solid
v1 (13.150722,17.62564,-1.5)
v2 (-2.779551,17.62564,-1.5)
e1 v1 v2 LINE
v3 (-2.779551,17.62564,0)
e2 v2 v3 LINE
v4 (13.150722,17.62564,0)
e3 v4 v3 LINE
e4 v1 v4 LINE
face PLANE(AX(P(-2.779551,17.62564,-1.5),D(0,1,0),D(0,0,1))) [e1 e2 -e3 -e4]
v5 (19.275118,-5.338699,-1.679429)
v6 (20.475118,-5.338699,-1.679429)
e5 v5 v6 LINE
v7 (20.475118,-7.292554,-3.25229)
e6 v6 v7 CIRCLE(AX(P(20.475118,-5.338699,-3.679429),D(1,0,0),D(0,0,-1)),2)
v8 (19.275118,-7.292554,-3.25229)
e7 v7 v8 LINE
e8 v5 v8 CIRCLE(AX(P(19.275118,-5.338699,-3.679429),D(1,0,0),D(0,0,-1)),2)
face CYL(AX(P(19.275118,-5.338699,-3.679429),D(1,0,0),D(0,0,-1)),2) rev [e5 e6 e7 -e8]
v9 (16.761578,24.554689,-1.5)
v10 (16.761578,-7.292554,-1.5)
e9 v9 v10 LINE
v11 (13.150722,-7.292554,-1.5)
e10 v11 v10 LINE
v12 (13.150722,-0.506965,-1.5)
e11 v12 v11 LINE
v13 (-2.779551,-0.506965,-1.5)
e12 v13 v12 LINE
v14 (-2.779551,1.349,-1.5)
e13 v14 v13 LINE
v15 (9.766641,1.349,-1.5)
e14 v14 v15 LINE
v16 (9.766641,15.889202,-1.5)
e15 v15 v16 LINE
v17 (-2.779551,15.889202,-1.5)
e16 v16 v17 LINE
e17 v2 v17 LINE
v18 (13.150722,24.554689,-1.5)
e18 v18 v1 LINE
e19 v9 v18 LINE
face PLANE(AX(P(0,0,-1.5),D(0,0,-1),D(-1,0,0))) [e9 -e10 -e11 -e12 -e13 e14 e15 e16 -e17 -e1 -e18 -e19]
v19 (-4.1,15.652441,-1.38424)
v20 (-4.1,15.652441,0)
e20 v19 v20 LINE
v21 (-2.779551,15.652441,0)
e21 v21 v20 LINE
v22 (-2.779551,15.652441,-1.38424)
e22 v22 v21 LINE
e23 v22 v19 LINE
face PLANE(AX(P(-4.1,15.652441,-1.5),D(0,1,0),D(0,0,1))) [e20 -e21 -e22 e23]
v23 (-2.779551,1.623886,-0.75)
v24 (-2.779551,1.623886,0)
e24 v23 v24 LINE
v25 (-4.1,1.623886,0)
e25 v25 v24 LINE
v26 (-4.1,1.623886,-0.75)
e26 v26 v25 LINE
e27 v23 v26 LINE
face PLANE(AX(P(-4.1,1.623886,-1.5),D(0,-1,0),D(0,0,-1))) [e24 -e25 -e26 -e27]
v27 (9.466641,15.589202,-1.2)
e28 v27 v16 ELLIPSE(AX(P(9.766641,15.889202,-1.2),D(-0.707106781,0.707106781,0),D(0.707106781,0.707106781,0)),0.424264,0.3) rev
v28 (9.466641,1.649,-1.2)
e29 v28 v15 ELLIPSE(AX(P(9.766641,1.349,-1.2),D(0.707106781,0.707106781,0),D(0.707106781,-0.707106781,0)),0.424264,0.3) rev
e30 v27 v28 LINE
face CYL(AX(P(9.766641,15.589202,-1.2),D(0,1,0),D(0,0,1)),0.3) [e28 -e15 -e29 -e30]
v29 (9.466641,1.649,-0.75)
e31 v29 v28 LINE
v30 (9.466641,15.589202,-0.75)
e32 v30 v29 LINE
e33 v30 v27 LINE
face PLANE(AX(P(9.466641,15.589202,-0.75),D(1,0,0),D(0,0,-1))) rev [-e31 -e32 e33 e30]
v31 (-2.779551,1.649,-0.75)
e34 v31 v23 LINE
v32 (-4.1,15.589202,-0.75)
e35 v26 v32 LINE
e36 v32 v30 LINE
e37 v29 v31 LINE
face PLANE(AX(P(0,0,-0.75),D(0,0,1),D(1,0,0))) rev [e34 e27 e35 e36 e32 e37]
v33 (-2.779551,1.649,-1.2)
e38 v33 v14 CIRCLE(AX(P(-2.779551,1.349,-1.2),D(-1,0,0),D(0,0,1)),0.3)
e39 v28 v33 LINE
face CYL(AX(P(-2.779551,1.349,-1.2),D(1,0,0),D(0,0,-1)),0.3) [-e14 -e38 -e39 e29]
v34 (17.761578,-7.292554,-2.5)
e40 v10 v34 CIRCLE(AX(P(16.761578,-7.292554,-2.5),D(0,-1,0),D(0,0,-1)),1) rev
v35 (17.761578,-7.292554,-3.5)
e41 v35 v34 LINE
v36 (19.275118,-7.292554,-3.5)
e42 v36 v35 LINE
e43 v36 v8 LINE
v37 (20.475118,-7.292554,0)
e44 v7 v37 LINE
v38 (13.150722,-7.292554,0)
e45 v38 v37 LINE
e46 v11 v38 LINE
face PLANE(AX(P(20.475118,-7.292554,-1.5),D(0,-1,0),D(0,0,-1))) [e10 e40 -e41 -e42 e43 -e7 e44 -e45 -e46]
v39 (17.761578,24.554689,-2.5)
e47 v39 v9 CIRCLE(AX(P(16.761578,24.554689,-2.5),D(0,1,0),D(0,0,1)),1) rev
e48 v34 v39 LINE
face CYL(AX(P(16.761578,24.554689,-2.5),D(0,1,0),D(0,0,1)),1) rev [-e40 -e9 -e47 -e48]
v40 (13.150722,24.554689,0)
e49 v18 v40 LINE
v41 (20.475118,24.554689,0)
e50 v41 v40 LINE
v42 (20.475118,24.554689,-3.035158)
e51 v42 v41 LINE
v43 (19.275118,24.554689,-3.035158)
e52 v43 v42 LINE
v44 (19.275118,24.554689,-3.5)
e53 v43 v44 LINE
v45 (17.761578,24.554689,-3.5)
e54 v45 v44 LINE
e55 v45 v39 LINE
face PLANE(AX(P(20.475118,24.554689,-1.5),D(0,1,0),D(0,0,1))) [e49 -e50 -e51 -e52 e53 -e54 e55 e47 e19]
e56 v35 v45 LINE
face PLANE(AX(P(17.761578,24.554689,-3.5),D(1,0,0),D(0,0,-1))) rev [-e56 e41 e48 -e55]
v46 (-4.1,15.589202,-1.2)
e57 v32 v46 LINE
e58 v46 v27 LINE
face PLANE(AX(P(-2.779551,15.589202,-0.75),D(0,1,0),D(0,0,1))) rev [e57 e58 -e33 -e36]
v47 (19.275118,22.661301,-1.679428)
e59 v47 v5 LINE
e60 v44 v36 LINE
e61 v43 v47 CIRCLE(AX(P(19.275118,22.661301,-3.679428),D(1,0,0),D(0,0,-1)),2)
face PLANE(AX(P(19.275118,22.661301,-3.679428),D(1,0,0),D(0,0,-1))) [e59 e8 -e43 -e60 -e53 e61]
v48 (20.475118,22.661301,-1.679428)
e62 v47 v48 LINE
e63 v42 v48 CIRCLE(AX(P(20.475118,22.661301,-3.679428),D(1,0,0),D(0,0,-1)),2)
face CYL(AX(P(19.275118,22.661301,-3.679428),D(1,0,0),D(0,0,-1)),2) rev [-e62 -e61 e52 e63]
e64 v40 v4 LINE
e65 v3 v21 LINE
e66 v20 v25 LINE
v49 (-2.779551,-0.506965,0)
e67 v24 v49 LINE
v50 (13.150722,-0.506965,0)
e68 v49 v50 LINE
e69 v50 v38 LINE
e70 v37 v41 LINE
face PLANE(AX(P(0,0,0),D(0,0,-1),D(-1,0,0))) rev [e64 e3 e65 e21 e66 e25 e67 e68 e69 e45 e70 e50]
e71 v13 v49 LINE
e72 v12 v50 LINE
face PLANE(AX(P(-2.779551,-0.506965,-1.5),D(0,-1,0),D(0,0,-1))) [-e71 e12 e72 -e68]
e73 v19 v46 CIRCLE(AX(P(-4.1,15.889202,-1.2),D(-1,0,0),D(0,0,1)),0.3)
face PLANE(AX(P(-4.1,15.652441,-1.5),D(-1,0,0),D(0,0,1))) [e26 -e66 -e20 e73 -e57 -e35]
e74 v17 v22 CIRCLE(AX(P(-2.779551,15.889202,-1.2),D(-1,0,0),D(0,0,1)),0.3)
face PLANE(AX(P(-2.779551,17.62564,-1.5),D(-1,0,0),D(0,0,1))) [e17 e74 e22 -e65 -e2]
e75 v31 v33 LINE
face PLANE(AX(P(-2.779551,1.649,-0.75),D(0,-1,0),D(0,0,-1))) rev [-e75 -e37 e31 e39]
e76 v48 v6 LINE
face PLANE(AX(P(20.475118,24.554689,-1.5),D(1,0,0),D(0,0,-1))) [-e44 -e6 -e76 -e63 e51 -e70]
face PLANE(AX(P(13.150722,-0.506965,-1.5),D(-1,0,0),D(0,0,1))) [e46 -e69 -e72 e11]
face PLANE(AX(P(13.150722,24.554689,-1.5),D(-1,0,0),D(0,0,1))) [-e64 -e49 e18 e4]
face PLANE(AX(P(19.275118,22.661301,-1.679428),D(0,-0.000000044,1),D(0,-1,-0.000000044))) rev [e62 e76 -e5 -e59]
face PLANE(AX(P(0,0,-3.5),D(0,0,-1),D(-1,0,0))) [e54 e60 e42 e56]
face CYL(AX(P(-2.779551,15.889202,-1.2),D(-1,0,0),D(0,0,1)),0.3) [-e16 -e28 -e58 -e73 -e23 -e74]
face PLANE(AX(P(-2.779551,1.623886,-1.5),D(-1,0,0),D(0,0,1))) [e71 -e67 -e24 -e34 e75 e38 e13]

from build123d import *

# Parameters (mm, degrees)
BOSS_EXTRUDE1_DEPTH = 1.5
SKETCH2_W           = 2.713539356
SKETCH2_H           = 31.847242959
BOSS_EXTRUDE2_DEPTH = 2
CUT_EXTRUDE1_DEPTH  = 0.75
FILLET1_R           = 1
FILLET2_R           = 0.3
CUT_EXTRUDE2_DEPTH  = 1.2


with BuildPart() as part:
    # Sketch1 → Boss-Extrude1 (new body)
    with BuildSketch(Plane.XY):
        Polygon((13.150722075, -0.506964629), (13.150722075, -7.292554302), (20.475117676, -7.292554302), (20.475117676, 24.554688657), (13.150722075, 24.554688657), (13.150722075, 17.625640453), (-2.779550764, 17.625640453), (-2.779550764, 15.652441277), (-4.09999988, 15.652441277), (-4.09999988, 1.623886225), (-2.779550764, 1.623886225), (-2.779550764, -0.506964629), align=None)
    extrude(amount=-BOSS_EXTRUDE1_DEPTH)

    # Sketch2 → Boss-Extrude2 (add)
    with BuildSketch(Plane(origin=(0, 0, -1.5), x_dir=(-1, 0, 0), z_dir=(0, 0, -1))):
        with Locations((-19.118347998, 8.631067178)):
            Rectangle(SKETCH2_W, SKETCH2_H)
    extrude(amount=BOSS_EXTRUDE2_DEPTH)

    # Sketch3 → Cut-Extrude1 (cut)
    with BuildSketch(Plane(origin=(0, 0, -1.5), x_dir=(-1, 0, 0), z_dir=(0, 0, -1))):
        Polygon((2.779550764, 15.589201664), (-9.466641169, 15.589201664), (-9.466641169, 1.649000414), (2.779550764, 1.649000414), (2.779550764, 1.623886225), (4.09999988, 1.623886225), (4.09999988, 15.589201664), align=None)
    extrude(amount=-CUT_EXTRUDE1_DEPTH, mode=Mode.SUBTRACT)

    # Fillet1
    fillet1_edges = [part.edges().sort_by_distance(p)[0] for p in [
        (17.76157832, 8.631067178, -1.5),
    ]]
    fillet(fillet1_edges, radius=FILLET1_R)

    # Fillet2
    fillet2_edges = [part.edges().sort_by_distance(p)[0] for p in [
        (3.343545202, 1.649000414, -1.5),
        (9.466641169, 8.619101039, -1.5),
        (2.683320645, 15.589201664, -1.5),
    ]]
    fillet(fillet2_edges, radius=FILLET2_R)

    # Sketch4 → Cut-Extrude2 (cut)
    with BuildSketch(Plane(origin=(20.475117676, 0, 0), x_dir=(0, 0, -1), z_dir=(1, 0, 0))):
        with BuildLine():
            Line((1.679428172, 22.66130131), (1.679429396, -5.33869869))
            ThreePointArc((1.679429396, -5.33869869), (2.265215896, -6.752912227), (3.679429484, -7.338698602))
            Line((3.679429484, -7.338698602), (3.679428085, 24.661301398))
            ThreePointArc((3.679428085, 24.661301398), (2.265214548, 24.075514898), (1.679428172, 22.66130131))
        make_face()
    extrude(amount=-CUT_EXTRUDE2_DEPTH, mode=Mode.SUBTRACT)


solid = part.part
